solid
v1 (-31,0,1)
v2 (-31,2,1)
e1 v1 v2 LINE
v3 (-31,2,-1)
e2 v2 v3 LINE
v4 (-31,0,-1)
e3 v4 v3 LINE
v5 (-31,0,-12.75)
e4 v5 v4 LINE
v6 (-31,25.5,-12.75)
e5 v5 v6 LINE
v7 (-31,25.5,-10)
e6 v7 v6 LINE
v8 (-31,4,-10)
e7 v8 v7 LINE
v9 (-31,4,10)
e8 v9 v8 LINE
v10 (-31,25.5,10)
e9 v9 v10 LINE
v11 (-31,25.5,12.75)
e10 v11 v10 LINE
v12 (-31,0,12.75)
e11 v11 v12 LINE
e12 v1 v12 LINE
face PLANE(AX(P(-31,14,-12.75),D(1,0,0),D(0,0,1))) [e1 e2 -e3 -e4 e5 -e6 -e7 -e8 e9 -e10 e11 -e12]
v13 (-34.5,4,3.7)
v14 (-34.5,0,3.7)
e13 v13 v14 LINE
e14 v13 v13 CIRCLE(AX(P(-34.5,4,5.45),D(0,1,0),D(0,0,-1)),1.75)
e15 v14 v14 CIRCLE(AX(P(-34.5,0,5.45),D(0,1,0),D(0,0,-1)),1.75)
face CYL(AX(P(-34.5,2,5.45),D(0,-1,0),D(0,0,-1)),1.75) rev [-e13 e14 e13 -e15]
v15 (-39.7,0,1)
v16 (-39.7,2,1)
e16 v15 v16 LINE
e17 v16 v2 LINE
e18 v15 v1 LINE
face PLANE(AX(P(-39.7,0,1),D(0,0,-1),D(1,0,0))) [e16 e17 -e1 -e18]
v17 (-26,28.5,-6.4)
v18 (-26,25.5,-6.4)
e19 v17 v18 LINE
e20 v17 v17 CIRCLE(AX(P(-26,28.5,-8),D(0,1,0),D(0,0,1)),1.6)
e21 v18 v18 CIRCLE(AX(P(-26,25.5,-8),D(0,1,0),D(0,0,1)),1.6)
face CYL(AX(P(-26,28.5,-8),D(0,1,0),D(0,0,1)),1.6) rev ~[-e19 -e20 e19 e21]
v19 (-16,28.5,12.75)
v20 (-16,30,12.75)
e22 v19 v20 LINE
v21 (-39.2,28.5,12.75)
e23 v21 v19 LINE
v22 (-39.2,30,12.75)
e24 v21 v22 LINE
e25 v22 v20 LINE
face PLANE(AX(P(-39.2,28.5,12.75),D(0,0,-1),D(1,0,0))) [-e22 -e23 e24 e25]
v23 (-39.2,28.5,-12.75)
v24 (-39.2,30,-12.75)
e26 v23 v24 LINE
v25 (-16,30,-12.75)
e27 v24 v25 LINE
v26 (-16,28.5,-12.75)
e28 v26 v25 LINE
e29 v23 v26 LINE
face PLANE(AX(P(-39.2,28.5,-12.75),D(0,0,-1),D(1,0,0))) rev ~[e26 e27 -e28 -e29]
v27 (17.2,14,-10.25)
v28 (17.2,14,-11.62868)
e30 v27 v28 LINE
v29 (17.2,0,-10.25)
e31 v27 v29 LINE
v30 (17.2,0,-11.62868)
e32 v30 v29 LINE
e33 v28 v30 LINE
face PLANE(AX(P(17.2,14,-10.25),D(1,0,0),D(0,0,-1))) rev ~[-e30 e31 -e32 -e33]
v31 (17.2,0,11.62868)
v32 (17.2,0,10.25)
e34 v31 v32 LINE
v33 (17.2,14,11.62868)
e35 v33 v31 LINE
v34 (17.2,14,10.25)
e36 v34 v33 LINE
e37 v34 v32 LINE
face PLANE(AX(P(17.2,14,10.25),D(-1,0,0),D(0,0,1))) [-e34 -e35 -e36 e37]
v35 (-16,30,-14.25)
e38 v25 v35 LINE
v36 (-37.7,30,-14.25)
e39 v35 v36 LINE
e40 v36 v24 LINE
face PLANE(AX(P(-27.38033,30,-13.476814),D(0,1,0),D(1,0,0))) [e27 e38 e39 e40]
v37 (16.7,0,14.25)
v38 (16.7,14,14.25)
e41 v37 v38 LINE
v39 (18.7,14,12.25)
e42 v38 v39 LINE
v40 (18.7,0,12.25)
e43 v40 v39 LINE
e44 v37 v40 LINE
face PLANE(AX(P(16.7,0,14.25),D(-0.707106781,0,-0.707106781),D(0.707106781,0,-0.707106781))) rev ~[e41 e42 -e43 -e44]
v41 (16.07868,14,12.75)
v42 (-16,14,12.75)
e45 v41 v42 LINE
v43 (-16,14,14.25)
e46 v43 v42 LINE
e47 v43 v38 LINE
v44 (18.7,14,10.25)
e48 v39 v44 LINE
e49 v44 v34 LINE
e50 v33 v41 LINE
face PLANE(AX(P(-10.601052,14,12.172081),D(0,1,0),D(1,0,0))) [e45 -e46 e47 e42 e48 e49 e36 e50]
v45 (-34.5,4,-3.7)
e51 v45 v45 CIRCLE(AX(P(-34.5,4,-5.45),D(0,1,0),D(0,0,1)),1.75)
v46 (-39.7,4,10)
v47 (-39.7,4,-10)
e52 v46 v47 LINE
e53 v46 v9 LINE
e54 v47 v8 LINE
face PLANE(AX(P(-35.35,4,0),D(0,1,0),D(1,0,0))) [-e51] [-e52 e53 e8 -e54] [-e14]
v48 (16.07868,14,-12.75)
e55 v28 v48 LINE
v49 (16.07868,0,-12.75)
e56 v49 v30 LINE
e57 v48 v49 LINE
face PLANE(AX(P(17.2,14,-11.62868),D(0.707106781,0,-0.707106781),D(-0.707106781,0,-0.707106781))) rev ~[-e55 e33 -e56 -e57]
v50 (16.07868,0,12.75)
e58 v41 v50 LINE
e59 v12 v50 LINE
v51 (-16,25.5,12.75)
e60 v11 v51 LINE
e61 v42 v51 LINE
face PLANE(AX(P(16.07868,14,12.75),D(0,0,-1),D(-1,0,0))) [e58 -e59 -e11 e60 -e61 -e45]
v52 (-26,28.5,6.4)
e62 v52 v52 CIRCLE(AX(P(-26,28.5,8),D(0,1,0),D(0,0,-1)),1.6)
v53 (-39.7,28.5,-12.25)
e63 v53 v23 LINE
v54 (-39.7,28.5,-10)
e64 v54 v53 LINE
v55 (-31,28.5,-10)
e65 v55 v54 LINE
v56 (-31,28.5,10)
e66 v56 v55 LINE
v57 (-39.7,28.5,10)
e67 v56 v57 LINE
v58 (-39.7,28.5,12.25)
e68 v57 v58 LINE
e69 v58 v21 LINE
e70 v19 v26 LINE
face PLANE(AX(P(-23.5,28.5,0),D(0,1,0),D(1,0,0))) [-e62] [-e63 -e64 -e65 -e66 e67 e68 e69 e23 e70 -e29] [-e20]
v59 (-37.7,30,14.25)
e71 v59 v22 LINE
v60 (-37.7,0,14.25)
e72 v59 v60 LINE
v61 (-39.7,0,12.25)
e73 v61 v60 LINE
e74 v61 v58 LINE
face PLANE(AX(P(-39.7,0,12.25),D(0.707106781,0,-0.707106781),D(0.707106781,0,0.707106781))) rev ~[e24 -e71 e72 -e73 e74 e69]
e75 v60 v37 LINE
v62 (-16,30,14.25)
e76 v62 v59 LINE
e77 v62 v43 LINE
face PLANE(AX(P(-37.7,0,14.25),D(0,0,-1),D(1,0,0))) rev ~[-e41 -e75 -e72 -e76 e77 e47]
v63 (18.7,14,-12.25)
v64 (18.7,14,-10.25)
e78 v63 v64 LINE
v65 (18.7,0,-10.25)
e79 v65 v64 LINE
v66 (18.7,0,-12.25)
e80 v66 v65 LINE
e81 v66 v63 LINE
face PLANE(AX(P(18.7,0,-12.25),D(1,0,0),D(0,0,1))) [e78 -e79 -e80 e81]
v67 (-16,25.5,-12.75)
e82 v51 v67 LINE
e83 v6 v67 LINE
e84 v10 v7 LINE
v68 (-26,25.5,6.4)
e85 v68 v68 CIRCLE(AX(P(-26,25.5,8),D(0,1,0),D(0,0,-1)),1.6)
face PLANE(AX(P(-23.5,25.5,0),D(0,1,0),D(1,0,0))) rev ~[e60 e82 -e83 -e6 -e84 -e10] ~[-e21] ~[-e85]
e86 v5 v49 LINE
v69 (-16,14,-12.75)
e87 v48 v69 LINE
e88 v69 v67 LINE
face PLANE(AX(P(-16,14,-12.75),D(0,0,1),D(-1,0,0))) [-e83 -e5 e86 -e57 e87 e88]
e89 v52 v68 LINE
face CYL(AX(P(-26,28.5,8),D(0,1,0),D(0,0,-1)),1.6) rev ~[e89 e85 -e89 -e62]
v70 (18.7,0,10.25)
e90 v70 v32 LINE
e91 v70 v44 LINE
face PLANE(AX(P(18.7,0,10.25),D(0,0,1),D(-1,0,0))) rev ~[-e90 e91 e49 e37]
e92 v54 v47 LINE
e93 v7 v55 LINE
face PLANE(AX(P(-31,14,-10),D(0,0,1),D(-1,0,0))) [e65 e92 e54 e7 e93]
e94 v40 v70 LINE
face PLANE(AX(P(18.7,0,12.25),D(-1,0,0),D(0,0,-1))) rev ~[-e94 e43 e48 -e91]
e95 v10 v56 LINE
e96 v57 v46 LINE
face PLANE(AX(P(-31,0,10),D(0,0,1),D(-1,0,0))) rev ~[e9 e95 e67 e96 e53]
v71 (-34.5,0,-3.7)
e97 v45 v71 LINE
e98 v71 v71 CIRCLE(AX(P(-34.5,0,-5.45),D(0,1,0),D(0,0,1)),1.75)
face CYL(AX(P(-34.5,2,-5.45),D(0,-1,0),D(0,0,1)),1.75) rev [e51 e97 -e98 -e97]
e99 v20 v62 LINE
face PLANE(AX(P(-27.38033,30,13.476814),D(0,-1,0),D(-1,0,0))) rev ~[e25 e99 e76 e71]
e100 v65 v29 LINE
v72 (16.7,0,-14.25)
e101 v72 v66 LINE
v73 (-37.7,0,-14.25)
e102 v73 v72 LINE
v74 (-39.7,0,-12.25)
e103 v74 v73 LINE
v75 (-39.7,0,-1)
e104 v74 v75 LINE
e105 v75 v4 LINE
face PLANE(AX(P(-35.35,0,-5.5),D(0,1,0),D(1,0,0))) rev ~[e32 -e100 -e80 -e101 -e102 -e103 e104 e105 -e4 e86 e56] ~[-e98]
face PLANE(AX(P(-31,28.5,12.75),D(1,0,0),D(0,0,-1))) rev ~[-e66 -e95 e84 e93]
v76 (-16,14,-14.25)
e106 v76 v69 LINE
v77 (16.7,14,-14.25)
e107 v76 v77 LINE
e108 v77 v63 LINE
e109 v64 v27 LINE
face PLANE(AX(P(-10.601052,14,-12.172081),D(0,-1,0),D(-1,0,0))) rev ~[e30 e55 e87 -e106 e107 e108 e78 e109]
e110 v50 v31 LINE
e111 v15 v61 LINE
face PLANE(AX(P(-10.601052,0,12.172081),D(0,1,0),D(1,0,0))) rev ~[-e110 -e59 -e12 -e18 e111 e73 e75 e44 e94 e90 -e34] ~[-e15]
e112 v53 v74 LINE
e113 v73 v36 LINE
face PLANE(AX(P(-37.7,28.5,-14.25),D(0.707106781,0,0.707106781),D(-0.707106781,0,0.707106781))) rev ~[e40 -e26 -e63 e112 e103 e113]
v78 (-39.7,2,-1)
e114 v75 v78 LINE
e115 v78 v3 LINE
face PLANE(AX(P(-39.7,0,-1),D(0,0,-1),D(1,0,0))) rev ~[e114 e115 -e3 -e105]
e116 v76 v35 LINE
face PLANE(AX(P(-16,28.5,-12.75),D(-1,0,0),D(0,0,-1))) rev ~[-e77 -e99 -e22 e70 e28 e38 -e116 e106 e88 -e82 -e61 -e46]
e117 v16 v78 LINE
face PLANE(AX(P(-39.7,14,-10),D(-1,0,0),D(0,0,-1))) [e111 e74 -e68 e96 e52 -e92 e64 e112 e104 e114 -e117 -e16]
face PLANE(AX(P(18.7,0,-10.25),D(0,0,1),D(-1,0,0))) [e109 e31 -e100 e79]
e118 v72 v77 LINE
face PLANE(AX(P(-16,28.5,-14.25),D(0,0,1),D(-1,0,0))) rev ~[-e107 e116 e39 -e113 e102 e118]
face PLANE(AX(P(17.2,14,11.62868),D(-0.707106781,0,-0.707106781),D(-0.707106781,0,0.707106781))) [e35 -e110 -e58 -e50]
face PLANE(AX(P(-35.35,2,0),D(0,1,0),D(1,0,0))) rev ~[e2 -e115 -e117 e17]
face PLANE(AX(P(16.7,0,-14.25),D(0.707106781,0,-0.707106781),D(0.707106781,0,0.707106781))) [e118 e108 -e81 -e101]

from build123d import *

# Parameters (mm, degrees)
SZKIC1_W                      = 8.7
SZKIC1_H                      = 9
SZKIC1_R                      = 1.75
DODANIE_WYCI_GNI_CIE1_DEPTH   = 2
DODANIE_WYCI_GNI_CIE1_2_DEPTH = 2
SZKIC2_W                      = 8.7
SZKIC2_H                      = 20
SZKIC2_R                      = 1.75
DODANIE_WYCI_GNI_CIE2_DEPTH   = 2
DODANIE_WYCI_GNI_CIE3_DEPTH   = 14
WYTNIJ_WYCI_GNI_CIE1_REACH    = 46.443
DODANIE_WYCI_GNI_CIE7_DEPTH   = 14.5
SZKIC10_W                     = 15
SZKIC10_H                     = 25.5
SZKIC10_R                     = 1.6
DODANIE_WYCI_GNI_CIE9_DEPTH   = 3
DODANIE_WYCI_GNI_CIE10_DEPTH  = 1.5


with BuildPart() as part:
    # Szkic1 → Dodanie-wyciągnięcie1 (new body)
    with BuildSketch(Plane(origin=(0, 0, 0), x_dir=(1, 0, 0), z_dir=(0, 1, 0))):
        with Locations((-35.35, 5.5)):
            Rectangle(SZKIC1_W, SZKIC1_H)
        with Locations(Location((-34.5, 5.45, 0), (0, 0, 270))):
            Circle(SZKIC1_R, mode=Mode.SUBTRACT)
    extrude(amount=DODANIE_WYCI_GNI_CIE1_DEPTH)



with BuildPart() as body_2:
    # Szkic1 → Dodanie-wyci_gni_cie1 2 (new body)
    with BuildSketch(Plane(origin=(0, 0, 0), x_dir=(1, 0, 0), z_dir=(0, 1, 0))):
        with Locations((-35.35, -5.5)):
            Rectangle(SZKIC1_W, SZKIC1_H)
        with Locations(Location((-34.5, -5.45, 0), (0, 0, 90))):
            Circle(SZKIC1_R, mode=Mode.SUBTRACT)
    extrude(amount=DODANIE_WYCI_GNI_CIE1_2_DEPTH)


with BuildPart() as part_1:
    add(part.part)

    add(body_2.part)  # Dodanie-wyciągnięcie2 merges body 2
    # Szkic2 → Dodanie-wyciągnięcie2 (add)
    with BuildSketch(Plane(origin=(0, 2, 0), x_dir=(1, 0, 0), z_dir=(0, 1, 0))):
        with Locations((-35.35, 0)):
            Rectangle(SZKIC2_W, SZKIC2_H)
        with Locations(Location((-34.5, 5.45, 0), (0, 0, 270))):
            Circle(SZKIC2_R, mode=Mode.SUBTRACT)
        with Locations(Location((-34.5, -5.45, 0), (0, 0, 90))):
            Circle(SZKIC2_R, mode=Mode.SUBTRACT)
    extrude(amount=DODANIE_WYCI_GNI_CIE2_DEPTH)

    # Szkic5 → Dodanie-wyciągnięcie3 (add)
    with BuildSketch(Plane(origin=(0, 0, 0), x_dir=(-1, 0, 0), z_dir=(0, -1, 0))):
        Polygon((39.7, -10), (39.7, -12.25), (37.7, -14.25), (-16.7, -14.25), (-18.7, -12.25), (-18.7, -10.25), (31, -10.25), (31, -10), align=None)
        Polygon((39.7, 10), (39.7, 12.25), (37.7, 14.25), (-16.7, 14.25), (-18.7, 12.25), (-18.7, 10.25), (31, 10.25), (31, 10), align=None)
    extrude(amount=-DODANIE_WYCI_GNI_CIE3_DEPTH)

    # Szkic7 → Wytnij-wyciągnięcie1 (cut, up to next)
    with BuildSketch(Plane(origin=(0, 14, 0), x_dir=(1, 0, 0), z_dir=(0, 1, 0)), mode=Mode.PRIVATE) as wytnij_wyci_gni_cie1_sk1:
        Polygon((-31, 10.25), (17.2, 10.25), (17.2, 11.628679656), (16.078679656, 12.75), (-31, 12.75), align=None)
    wytnij_wyci_gni_cie1_tool1 = extrude(wytnij_wyci_gni_cie1_sk1.sketch, amount=-WYTNIJ_WYCI_GNI_CIE1_REACH, mode=Mode.PRIVATE) & part_1.part
    # Szkic7 → Wytnij-wyciągnięcie1 (cut, up to next)
    with BuildSketch(Plane(origin=(0, 14, 0), x_dir=(1, 0, 0), z_dir=(0, 1, 0)), mode=Mode.PRIVATE) as wytnij_wyci_gni_cie1_sk2:
        Polygon((16.078679656, -12.75), (-31, -12.75), (-31, -10.25), (17.2, -10.25), (17.2, -11.628679656), align=None)
    wytnij_wyci_gni_cie1_tool2 = extrude(wytnij_wyci_gni_cie1_sk2.sketch, amount=-WYTNIJ_WYCI_GNI_CIE1_REACH, mode=Mode.PRIVATE) & part_1.part
    add(wytnij_wyci_gni_cie1_tool1.solids().sort_by_distance((-7.024435, 14, -11.495405))[0], mode=Mode.SUBTRACT)
    add(wytnij_wyci_gni_cie1_tool2.solids().sort_by_distance((-7.024435, 14, 11.495405))[0], mode=Mode.SUBTRACT)

    # Szkic8 → Dodanie-wyciągnięcie7 (add)
    with BuildSketch(Plane(origin=(0, 14, 0), x_dir=(1, 0, 0), z_dir=(0, 1, 0))):
        Polygon((-31, 10), (-39.7, 10), (-39.7, 12.25), (-37.7, 14.25), (-16, 14.25), (-16, 12.75), (-31, 12.75), align=None)
        Polygon((-16, -12.75), (-31, -12.75), (-31, -10), (-39.7, -10), (-39.7, -12.25), (-37.7, -14.25), (-16, -14.25), align=None)
    extrude(amount=DODANIE_WYCI_GNI_CIE7_DEPTH)

    # Szkic10 → Dodanie-wyciągnięcie9 (add)
    with BuildSketch(Plane(origin=(0, 28.5, 0), x_dir=(1, 0, 0), z_dir=(0, 1, 0))):
        with Locations((-23.5, 0)):
            Rectangle(SZKIC10_W, SZKIC10_H)
        with Locations(Location((-26, 8, 0), (0, 0, 270))):
            Circle(SZKIC10_R, mode=Mode.SUBTRACT)
        with Locations(Location((-26, -8, 0), (0, 0, 90))):
            Circle(SZKIC10_R, mode=Mode.SUBTRACT)
    extrude(amount=-DODANIE_WYCI_GNI_CIE9_DEPTH)

    # Szkic11 → Dodanie-wyciągnięcie10 (add)
    with BuildSketch(Plane(origin=(0, 28.5, 0), x_dir=(1, 0, 0), z_dir=(0, 1, 0))):
        Polygon((-16, 12.75), (-16, 14.25), (-37.7, 14.25), (-39.2, 12.75), align=None)
        Polygon((-37.7, -14.25), (-39.2, -12.75), (-16, -12.75), (-16, -14.25), align=None)
    extrude(amount=DODANIE_WYCI_GNI_CIE10_DEPTH)


solid = part_1.part
